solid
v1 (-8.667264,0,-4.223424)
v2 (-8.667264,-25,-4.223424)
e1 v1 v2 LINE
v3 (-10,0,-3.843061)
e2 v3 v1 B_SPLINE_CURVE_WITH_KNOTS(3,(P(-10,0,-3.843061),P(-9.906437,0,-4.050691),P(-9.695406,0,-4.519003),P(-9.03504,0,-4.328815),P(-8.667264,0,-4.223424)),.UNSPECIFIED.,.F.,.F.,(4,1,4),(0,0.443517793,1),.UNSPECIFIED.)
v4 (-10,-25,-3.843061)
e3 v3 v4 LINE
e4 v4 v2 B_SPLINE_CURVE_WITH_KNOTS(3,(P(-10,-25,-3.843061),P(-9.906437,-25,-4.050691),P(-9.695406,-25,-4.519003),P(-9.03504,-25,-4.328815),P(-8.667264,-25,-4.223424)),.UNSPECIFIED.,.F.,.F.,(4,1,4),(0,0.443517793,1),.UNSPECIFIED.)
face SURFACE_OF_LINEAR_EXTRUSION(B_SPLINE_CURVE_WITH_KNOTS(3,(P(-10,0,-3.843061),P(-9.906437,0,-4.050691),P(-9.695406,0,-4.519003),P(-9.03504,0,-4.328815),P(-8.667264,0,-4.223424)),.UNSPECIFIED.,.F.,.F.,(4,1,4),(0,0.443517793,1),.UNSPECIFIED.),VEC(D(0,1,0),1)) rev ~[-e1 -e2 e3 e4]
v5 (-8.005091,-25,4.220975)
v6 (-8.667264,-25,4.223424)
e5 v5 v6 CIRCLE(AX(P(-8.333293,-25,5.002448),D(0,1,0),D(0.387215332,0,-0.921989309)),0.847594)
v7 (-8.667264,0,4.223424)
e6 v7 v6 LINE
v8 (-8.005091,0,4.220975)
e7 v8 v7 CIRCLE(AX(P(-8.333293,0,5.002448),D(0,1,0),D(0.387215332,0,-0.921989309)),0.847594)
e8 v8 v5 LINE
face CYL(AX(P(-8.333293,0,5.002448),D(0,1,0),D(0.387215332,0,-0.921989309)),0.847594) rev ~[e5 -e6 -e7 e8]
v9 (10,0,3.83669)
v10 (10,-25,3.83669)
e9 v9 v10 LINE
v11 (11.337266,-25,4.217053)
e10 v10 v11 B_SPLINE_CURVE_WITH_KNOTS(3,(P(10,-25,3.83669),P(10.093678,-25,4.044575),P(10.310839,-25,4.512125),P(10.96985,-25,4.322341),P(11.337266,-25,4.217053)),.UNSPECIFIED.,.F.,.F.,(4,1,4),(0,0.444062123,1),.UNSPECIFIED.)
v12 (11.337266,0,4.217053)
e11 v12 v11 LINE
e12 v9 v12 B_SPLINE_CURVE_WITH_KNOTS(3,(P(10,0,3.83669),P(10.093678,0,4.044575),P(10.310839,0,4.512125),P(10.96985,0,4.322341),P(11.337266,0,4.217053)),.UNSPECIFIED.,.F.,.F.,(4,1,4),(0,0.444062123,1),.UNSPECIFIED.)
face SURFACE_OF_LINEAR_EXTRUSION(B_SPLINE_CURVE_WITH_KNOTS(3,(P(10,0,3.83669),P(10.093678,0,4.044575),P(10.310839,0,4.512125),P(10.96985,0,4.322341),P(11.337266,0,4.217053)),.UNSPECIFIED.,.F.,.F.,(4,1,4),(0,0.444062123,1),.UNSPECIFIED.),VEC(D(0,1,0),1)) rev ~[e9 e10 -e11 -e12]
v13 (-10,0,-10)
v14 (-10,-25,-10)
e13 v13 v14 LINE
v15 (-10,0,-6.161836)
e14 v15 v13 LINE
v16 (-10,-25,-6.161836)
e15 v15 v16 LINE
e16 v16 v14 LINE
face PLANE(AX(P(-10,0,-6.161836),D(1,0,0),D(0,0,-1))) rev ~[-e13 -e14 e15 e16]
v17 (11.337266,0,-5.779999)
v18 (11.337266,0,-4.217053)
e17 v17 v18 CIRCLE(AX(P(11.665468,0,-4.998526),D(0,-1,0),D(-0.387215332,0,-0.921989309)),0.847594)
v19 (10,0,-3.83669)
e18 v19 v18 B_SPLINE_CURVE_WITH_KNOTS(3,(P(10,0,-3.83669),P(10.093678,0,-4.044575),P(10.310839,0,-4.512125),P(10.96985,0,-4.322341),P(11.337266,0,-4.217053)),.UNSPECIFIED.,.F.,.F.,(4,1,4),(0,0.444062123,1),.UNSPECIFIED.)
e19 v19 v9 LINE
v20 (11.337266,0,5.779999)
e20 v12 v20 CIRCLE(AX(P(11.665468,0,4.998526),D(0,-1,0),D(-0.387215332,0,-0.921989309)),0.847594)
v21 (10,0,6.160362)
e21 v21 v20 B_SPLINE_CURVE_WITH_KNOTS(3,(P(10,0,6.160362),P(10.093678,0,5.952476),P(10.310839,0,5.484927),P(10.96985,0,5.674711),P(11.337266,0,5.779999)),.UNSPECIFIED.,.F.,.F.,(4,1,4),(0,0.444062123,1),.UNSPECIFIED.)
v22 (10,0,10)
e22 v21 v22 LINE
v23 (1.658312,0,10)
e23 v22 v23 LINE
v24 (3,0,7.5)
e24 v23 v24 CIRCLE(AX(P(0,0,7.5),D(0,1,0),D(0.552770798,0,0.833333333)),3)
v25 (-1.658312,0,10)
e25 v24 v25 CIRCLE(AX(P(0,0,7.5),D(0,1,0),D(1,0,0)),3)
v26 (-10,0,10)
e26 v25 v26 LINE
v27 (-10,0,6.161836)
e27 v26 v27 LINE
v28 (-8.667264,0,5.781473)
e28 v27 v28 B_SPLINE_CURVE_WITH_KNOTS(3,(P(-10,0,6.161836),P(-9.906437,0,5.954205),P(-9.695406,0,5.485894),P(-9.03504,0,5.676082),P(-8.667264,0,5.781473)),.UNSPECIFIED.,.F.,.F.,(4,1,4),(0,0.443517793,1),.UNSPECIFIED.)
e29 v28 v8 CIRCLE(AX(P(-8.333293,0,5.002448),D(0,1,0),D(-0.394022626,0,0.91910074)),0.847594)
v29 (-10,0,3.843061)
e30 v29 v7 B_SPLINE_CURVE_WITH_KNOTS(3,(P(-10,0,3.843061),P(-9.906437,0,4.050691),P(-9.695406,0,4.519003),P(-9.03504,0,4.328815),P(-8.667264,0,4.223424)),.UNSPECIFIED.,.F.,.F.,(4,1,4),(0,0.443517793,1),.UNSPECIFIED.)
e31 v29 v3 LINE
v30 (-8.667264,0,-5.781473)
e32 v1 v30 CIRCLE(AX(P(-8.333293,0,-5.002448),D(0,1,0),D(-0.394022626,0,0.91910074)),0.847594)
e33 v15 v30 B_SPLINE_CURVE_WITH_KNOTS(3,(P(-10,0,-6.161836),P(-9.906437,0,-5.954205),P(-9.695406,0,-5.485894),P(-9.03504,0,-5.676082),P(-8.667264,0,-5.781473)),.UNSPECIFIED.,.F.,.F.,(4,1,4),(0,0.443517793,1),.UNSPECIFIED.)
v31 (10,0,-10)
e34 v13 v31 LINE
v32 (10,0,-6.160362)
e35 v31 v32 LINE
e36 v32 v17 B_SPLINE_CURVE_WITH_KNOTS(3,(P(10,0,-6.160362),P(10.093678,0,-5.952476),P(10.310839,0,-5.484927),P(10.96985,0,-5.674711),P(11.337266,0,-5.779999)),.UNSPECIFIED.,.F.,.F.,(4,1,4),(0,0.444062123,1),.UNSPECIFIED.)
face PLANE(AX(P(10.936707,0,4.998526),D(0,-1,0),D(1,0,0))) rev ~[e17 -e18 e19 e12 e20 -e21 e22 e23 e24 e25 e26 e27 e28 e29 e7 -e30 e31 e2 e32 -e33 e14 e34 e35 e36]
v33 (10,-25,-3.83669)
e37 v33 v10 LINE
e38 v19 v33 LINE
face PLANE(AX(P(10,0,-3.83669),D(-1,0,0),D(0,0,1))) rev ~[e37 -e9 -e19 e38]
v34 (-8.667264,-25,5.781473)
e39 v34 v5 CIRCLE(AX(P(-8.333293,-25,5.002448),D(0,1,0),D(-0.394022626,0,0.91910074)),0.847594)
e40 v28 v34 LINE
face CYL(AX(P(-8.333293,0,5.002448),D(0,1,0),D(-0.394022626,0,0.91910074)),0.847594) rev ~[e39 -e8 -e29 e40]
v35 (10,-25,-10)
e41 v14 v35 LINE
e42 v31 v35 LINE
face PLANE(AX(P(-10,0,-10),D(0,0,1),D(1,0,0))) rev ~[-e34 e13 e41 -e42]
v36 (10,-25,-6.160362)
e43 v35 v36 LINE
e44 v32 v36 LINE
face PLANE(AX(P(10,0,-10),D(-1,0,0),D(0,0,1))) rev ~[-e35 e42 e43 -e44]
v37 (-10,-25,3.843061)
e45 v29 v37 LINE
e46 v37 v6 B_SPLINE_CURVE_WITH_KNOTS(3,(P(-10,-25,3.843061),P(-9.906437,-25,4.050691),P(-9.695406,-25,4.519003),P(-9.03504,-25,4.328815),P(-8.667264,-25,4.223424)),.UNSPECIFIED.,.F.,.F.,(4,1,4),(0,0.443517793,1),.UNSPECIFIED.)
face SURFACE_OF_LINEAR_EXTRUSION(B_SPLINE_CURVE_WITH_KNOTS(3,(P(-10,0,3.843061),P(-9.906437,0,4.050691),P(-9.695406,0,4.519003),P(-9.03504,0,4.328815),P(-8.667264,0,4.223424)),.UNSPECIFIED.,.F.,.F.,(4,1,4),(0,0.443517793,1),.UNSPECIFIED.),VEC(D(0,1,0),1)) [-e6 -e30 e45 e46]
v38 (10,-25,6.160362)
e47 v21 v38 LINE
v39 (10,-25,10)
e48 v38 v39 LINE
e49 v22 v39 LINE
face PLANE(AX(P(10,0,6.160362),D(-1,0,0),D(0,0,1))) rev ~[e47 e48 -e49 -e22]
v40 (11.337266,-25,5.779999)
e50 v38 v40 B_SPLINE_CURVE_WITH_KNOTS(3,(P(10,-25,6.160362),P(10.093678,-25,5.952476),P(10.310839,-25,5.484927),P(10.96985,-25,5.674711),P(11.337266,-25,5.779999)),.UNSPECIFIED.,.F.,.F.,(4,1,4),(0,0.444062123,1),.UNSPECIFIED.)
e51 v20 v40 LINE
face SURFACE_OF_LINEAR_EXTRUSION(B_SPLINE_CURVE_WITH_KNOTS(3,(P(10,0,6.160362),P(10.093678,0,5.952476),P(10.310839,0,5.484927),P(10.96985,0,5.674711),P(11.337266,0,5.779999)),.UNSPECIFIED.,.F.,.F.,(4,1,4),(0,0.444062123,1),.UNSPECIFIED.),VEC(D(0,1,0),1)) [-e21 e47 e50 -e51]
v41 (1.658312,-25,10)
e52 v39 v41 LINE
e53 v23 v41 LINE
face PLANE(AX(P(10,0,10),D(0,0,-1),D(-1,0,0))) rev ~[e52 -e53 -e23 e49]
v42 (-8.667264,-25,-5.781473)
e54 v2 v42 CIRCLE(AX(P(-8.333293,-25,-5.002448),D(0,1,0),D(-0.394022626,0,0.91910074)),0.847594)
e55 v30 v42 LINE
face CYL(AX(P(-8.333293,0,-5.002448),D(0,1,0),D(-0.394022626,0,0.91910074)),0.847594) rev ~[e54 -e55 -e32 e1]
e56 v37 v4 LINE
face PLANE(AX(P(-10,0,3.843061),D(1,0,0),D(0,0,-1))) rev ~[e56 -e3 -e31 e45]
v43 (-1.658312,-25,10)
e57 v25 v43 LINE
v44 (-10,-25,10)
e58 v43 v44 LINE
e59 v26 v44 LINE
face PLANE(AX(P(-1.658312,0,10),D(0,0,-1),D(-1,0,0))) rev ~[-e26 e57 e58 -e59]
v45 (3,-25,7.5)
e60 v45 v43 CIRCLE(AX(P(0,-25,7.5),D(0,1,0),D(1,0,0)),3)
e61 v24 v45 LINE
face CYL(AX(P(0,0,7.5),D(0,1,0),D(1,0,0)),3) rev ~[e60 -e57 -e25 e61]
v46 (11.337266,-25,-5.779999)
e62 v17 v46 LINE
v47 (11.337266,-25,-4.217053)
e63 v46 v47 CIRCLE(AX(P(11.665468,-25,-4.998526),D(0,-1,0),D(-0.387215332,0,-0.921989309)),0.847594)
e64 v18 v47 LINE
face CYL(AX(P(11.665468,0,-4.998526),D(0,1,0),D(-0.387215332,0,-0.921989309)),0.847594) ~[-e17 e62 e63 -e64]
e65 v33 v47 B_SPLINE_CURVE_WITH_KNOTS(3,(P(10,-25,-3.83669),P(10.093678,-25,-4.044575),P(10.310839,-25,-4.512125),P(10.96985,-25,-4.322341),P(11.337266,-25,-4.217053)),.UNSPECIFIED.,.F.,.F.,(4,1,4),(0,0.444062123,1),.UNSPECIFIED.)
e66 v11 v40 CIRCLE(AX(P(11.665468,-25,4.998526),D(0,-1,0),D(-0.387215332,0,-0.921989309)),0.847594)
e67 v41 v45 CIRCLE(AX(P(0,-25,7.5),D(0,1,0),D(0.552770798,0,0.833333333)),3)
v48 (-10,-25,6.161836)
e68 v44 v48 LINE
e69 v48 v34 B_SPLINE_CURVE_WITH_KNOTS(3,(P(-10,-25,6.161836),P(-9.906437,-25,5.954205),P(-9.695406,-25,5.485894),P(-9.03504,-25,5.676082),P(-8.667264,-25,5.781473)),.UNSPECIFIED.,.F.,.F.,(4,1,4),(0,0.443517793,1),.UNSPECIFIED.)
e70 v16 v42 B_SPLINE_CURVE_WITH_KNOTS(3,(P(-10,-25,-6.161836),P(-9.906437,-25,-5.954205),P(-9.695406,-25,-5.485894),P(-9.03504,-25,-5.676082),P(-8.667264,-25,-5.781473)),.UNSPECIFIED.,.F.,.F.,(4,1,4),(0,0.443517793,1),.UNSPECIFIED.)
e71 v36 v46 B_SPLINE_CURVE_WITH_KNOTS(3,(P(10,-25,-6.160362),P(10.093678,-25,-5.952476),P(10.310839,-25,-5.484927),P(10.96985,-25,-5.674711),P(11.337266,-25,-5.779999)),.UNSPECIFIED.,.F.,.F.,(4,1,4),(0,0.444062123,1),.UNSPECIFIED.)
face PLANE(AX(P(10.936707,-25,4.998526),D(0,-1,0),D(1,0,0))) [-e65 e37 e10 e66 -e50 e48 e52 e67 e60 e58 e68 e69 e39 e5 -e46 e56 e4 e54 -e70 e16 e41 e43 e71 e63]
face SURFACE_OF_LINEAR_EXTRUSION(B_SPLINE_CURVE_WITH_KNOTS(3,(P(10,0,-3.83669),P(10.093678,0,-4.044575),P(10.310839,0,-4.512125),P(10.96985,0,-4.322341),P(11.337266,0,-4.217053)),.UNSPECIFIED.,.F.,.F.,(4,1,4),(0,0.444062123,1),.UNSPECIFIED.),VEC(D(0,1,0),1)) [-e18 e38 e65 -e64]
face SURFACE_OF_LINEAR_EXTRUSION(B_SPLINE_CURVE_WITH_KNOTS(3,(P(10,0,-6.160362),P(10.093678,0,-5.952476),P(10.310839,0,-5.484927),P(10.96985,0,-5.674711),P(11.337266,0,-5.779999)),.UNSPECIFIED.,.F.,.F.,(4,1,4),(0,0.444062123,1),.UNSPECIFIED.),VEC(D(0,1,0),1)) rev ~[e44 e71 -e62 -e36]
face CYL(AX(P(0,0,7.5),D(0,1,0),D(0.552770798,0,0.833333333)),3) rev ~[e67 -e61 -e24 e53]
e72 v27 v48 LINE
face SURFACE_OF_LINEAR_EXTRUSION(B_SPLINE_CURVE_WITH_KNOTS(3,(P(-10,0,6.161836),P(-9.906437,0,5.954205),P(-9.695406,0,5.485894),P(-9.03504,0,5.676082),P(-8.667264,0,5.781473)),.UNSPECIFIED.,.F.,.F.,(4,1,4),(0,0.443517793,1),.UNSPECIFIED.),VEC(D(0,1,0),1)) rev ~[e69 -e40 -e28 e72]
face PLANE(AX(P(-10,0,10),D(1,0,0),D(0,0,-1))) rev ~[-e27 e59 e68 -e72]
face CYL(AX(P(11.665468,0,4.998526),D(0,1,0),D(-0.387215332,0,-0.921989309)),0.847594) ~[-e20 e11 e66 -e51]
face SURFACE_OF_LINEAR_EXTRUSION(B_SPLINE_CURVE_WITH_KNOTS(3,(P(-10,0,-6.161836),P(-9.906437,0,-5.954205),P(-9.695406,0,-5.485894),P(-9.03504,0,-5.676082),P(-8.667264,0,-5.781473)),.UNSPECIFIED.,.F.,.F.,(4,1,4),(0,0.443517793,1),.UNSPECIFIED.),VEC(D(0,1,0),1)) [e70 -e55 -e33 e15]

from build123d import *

# Parameters (mm, degrees)
F1_DEPTH = 25


with BuildPart() as f1:
    # F0 (on Front) → F1 (new body)
    with BuildSketch(Plane.XZ):
        with BuildLine():
            Line((10, 6.1603618775), (10, 3.8366899256))
            add(Edge.make_bspline(
                [(10, 3.8366899256), (10.0936781203, 4.0445753388), (10.3108394793, 4.51212527), (10.9698499849, 4.3223411165), (11.3372663036, 4.2170529605)],
                knots=[0, 0, 0, 0, 0.4440621229, 1, 1, 1, 1], degree=3))
            ThreePointArc((11.3372663036, 4.2170529605), (12.5130621989, 4.9985259015), (11.3372663036, 5.7799988426))
            add(Edge.make_bspline(
                [(10, 6.1603618775), (10.0936781203, 5.9524764643), (10.3108394793, 5.4849265331), (10.9698499849, 5.6747106866), (11.3372663036, 5.7799988426)],
                knots=[0, 0, 0, 0, 0.4440621229, 1, 1, 1, 1], degree=3))
        make_face()
        with BuildLine():
            Line((10, -3.8366899256), (10, -6.1603618775))
            add(Edge.make_bspline(
                [(10, -6.1603618775), (10.0936781203, -5.9524764643), (10.3108394793, -5.4849265331), (10.9698499849, -5.6747106866), (11.3372663036, -5.7799988426)],
                knots=[0, 0, 0, 0, 0.4440621229, 1, 1, 1, 1], degree=3))
            ThreePointArc((11.3372663036, -5.7799988426), (12.5130621989, -4.9985259015), (11.3372663036, -4.2170529605))
            add(Edge.make_bspline(
                [(10, -3.8366899256), (10.0936781203, -4.0445753388), (10.3108394793, -4.51212527), (10.9698499849, -4.3223411165), (11.3372663036, -4.2170529605)],
                knots=[0, 0, 0, 0, 0.4440621229, 1, 1, 1, 1], degree=3))
        make_face()
        with BuildLine():
            Line((-10, 3.8430606946), (-10, 3.8381640241))
            add(Edge.make_bspline(
                [(-10, 3.8381640241), (-9.90643671, 4.045794612), (-9.6954058964, 4.5141059422), (-9.0350399336, 4.3239183047), (-8.6672638701, 4.2185270589)],
                knots=[0, 0, 0, 0, 0.4435177928, 1, 1, 1, 1], degree=3))
            ThreePointArc((-8.6672638701, 4.2185270589), (-8.3359284415, 4.152411431), (-8.0050909806, 4.2209753942))
            ThreePointArc((-8.0050909806, 4.2209753942), (-8.3364264093, 4.1548597663), (-8.6672638701, 4.2234237295))
            add(Edge.make_bspline(
                [(-10, 3.8430606946), (-9.90643671, 4.0506912825), (-9.6954058964, 4.5190026128), (-9.0350399336, 4.3288149753), (-8.6672638701, 4.2234237295)],
                knots=[0, 0, 0, 0, 0.4435177928, 1, 1, 1, 1], degree=3))
        make_face()
        with BuildLine():
            Line((-10, -10), (10, -10))
            Line((10, -10), (10, -6.1603618775))
            Line((10, -6.1603618775), (10, -3.8366899256))
            Line((10, -3.8366899256), (10, 3.8366899256))
            Line((10, 3.8366899256), (10, 6.1603618775))
            Line((10, 6.1603618775), (10, 10))
            Line((10, 10), (1.6583123952, 10))
            ThreePointArc((1.6583123952, 10), (2.6433820369, 8.9186371655), (3, 7.5))
            ThreePointArc((3, 7.5), (-1.4186371655, 4.8566179631), (-1.6583123952, 10))
            Line((-1.6583123952, 10), (-10, 10))
            Line((-10, 10), (-10, 6.1618359759))
            add(Edge.make_bspline(
                [(-10, 6.1618359759), (-9.90643671, 5.954205388), (-9.6954058964, 5.4858940578), (-9.0350399336, 5.6760816953), (-8.6672638701, 5.7814729411)],
                knots=[0, 0, 0, 0, 0.4435177928, 1, 1, 1, 1], degree=3))
            ThreePointArc((-8.6672638701, 5.7814729411), (-7.5530384064, 5.3335370432), (-8.0050909806, 4.2209753942))
            ThreePointArc((-8.0050909806, 4.2209753942), (-8.3359284415, 4.152411431), (-8.6672638701, 4.2185270589))
            add(Edge.make_bspline(
                [(-10, 3.8381640241), (-9.90643671, 4.045794612), (-9.6954058964, 4.5141059422), (-9.0350399336, 4.3239183047), (-8.6672638701, 4.2185270589)],
                knots=[0, 0, 0, 0, 0.4435177928, 1, 1, 1, 1], degree=3))
            Line((-10, 3.8381640241), (-10, -3.8430606946))
            add(Edge.make_bspline(
                [(-10, -3.8430606946), (-9.90643671, -4.0506912825), (-9.6954058964, -4.5190026128), (-9.0350399336, -4.3288149753), (-8.6672638701, -4.2234237295)],
                knots=[0, 0, 0, 0, 0.4435177928, 1, 1, 1, 1], degree=3))
            ThreePointArc((-8.6672638701, -4.2234237295), (-7.4856981505, -5.0024483353), (-8.6672638701, -5.7814729411))
            add(Edge.make_bspline(
                [(-10, -6.1618359759), (-9.90643671, -5.954205388), (-9.6954058964, -5.4858940578), (-9.0350399336, -5.6760816953), (-8.6672638701, -5.7814729411)],
                knots=[0, 0, 0, 0, 0.4435177928, 1, 1, 1, 1], degree=3))
            Line((-10, -6.1618359759), (-10, -10))
        make_face()
    extrude(amount=F1_DEPTH)


solid = f1.part
